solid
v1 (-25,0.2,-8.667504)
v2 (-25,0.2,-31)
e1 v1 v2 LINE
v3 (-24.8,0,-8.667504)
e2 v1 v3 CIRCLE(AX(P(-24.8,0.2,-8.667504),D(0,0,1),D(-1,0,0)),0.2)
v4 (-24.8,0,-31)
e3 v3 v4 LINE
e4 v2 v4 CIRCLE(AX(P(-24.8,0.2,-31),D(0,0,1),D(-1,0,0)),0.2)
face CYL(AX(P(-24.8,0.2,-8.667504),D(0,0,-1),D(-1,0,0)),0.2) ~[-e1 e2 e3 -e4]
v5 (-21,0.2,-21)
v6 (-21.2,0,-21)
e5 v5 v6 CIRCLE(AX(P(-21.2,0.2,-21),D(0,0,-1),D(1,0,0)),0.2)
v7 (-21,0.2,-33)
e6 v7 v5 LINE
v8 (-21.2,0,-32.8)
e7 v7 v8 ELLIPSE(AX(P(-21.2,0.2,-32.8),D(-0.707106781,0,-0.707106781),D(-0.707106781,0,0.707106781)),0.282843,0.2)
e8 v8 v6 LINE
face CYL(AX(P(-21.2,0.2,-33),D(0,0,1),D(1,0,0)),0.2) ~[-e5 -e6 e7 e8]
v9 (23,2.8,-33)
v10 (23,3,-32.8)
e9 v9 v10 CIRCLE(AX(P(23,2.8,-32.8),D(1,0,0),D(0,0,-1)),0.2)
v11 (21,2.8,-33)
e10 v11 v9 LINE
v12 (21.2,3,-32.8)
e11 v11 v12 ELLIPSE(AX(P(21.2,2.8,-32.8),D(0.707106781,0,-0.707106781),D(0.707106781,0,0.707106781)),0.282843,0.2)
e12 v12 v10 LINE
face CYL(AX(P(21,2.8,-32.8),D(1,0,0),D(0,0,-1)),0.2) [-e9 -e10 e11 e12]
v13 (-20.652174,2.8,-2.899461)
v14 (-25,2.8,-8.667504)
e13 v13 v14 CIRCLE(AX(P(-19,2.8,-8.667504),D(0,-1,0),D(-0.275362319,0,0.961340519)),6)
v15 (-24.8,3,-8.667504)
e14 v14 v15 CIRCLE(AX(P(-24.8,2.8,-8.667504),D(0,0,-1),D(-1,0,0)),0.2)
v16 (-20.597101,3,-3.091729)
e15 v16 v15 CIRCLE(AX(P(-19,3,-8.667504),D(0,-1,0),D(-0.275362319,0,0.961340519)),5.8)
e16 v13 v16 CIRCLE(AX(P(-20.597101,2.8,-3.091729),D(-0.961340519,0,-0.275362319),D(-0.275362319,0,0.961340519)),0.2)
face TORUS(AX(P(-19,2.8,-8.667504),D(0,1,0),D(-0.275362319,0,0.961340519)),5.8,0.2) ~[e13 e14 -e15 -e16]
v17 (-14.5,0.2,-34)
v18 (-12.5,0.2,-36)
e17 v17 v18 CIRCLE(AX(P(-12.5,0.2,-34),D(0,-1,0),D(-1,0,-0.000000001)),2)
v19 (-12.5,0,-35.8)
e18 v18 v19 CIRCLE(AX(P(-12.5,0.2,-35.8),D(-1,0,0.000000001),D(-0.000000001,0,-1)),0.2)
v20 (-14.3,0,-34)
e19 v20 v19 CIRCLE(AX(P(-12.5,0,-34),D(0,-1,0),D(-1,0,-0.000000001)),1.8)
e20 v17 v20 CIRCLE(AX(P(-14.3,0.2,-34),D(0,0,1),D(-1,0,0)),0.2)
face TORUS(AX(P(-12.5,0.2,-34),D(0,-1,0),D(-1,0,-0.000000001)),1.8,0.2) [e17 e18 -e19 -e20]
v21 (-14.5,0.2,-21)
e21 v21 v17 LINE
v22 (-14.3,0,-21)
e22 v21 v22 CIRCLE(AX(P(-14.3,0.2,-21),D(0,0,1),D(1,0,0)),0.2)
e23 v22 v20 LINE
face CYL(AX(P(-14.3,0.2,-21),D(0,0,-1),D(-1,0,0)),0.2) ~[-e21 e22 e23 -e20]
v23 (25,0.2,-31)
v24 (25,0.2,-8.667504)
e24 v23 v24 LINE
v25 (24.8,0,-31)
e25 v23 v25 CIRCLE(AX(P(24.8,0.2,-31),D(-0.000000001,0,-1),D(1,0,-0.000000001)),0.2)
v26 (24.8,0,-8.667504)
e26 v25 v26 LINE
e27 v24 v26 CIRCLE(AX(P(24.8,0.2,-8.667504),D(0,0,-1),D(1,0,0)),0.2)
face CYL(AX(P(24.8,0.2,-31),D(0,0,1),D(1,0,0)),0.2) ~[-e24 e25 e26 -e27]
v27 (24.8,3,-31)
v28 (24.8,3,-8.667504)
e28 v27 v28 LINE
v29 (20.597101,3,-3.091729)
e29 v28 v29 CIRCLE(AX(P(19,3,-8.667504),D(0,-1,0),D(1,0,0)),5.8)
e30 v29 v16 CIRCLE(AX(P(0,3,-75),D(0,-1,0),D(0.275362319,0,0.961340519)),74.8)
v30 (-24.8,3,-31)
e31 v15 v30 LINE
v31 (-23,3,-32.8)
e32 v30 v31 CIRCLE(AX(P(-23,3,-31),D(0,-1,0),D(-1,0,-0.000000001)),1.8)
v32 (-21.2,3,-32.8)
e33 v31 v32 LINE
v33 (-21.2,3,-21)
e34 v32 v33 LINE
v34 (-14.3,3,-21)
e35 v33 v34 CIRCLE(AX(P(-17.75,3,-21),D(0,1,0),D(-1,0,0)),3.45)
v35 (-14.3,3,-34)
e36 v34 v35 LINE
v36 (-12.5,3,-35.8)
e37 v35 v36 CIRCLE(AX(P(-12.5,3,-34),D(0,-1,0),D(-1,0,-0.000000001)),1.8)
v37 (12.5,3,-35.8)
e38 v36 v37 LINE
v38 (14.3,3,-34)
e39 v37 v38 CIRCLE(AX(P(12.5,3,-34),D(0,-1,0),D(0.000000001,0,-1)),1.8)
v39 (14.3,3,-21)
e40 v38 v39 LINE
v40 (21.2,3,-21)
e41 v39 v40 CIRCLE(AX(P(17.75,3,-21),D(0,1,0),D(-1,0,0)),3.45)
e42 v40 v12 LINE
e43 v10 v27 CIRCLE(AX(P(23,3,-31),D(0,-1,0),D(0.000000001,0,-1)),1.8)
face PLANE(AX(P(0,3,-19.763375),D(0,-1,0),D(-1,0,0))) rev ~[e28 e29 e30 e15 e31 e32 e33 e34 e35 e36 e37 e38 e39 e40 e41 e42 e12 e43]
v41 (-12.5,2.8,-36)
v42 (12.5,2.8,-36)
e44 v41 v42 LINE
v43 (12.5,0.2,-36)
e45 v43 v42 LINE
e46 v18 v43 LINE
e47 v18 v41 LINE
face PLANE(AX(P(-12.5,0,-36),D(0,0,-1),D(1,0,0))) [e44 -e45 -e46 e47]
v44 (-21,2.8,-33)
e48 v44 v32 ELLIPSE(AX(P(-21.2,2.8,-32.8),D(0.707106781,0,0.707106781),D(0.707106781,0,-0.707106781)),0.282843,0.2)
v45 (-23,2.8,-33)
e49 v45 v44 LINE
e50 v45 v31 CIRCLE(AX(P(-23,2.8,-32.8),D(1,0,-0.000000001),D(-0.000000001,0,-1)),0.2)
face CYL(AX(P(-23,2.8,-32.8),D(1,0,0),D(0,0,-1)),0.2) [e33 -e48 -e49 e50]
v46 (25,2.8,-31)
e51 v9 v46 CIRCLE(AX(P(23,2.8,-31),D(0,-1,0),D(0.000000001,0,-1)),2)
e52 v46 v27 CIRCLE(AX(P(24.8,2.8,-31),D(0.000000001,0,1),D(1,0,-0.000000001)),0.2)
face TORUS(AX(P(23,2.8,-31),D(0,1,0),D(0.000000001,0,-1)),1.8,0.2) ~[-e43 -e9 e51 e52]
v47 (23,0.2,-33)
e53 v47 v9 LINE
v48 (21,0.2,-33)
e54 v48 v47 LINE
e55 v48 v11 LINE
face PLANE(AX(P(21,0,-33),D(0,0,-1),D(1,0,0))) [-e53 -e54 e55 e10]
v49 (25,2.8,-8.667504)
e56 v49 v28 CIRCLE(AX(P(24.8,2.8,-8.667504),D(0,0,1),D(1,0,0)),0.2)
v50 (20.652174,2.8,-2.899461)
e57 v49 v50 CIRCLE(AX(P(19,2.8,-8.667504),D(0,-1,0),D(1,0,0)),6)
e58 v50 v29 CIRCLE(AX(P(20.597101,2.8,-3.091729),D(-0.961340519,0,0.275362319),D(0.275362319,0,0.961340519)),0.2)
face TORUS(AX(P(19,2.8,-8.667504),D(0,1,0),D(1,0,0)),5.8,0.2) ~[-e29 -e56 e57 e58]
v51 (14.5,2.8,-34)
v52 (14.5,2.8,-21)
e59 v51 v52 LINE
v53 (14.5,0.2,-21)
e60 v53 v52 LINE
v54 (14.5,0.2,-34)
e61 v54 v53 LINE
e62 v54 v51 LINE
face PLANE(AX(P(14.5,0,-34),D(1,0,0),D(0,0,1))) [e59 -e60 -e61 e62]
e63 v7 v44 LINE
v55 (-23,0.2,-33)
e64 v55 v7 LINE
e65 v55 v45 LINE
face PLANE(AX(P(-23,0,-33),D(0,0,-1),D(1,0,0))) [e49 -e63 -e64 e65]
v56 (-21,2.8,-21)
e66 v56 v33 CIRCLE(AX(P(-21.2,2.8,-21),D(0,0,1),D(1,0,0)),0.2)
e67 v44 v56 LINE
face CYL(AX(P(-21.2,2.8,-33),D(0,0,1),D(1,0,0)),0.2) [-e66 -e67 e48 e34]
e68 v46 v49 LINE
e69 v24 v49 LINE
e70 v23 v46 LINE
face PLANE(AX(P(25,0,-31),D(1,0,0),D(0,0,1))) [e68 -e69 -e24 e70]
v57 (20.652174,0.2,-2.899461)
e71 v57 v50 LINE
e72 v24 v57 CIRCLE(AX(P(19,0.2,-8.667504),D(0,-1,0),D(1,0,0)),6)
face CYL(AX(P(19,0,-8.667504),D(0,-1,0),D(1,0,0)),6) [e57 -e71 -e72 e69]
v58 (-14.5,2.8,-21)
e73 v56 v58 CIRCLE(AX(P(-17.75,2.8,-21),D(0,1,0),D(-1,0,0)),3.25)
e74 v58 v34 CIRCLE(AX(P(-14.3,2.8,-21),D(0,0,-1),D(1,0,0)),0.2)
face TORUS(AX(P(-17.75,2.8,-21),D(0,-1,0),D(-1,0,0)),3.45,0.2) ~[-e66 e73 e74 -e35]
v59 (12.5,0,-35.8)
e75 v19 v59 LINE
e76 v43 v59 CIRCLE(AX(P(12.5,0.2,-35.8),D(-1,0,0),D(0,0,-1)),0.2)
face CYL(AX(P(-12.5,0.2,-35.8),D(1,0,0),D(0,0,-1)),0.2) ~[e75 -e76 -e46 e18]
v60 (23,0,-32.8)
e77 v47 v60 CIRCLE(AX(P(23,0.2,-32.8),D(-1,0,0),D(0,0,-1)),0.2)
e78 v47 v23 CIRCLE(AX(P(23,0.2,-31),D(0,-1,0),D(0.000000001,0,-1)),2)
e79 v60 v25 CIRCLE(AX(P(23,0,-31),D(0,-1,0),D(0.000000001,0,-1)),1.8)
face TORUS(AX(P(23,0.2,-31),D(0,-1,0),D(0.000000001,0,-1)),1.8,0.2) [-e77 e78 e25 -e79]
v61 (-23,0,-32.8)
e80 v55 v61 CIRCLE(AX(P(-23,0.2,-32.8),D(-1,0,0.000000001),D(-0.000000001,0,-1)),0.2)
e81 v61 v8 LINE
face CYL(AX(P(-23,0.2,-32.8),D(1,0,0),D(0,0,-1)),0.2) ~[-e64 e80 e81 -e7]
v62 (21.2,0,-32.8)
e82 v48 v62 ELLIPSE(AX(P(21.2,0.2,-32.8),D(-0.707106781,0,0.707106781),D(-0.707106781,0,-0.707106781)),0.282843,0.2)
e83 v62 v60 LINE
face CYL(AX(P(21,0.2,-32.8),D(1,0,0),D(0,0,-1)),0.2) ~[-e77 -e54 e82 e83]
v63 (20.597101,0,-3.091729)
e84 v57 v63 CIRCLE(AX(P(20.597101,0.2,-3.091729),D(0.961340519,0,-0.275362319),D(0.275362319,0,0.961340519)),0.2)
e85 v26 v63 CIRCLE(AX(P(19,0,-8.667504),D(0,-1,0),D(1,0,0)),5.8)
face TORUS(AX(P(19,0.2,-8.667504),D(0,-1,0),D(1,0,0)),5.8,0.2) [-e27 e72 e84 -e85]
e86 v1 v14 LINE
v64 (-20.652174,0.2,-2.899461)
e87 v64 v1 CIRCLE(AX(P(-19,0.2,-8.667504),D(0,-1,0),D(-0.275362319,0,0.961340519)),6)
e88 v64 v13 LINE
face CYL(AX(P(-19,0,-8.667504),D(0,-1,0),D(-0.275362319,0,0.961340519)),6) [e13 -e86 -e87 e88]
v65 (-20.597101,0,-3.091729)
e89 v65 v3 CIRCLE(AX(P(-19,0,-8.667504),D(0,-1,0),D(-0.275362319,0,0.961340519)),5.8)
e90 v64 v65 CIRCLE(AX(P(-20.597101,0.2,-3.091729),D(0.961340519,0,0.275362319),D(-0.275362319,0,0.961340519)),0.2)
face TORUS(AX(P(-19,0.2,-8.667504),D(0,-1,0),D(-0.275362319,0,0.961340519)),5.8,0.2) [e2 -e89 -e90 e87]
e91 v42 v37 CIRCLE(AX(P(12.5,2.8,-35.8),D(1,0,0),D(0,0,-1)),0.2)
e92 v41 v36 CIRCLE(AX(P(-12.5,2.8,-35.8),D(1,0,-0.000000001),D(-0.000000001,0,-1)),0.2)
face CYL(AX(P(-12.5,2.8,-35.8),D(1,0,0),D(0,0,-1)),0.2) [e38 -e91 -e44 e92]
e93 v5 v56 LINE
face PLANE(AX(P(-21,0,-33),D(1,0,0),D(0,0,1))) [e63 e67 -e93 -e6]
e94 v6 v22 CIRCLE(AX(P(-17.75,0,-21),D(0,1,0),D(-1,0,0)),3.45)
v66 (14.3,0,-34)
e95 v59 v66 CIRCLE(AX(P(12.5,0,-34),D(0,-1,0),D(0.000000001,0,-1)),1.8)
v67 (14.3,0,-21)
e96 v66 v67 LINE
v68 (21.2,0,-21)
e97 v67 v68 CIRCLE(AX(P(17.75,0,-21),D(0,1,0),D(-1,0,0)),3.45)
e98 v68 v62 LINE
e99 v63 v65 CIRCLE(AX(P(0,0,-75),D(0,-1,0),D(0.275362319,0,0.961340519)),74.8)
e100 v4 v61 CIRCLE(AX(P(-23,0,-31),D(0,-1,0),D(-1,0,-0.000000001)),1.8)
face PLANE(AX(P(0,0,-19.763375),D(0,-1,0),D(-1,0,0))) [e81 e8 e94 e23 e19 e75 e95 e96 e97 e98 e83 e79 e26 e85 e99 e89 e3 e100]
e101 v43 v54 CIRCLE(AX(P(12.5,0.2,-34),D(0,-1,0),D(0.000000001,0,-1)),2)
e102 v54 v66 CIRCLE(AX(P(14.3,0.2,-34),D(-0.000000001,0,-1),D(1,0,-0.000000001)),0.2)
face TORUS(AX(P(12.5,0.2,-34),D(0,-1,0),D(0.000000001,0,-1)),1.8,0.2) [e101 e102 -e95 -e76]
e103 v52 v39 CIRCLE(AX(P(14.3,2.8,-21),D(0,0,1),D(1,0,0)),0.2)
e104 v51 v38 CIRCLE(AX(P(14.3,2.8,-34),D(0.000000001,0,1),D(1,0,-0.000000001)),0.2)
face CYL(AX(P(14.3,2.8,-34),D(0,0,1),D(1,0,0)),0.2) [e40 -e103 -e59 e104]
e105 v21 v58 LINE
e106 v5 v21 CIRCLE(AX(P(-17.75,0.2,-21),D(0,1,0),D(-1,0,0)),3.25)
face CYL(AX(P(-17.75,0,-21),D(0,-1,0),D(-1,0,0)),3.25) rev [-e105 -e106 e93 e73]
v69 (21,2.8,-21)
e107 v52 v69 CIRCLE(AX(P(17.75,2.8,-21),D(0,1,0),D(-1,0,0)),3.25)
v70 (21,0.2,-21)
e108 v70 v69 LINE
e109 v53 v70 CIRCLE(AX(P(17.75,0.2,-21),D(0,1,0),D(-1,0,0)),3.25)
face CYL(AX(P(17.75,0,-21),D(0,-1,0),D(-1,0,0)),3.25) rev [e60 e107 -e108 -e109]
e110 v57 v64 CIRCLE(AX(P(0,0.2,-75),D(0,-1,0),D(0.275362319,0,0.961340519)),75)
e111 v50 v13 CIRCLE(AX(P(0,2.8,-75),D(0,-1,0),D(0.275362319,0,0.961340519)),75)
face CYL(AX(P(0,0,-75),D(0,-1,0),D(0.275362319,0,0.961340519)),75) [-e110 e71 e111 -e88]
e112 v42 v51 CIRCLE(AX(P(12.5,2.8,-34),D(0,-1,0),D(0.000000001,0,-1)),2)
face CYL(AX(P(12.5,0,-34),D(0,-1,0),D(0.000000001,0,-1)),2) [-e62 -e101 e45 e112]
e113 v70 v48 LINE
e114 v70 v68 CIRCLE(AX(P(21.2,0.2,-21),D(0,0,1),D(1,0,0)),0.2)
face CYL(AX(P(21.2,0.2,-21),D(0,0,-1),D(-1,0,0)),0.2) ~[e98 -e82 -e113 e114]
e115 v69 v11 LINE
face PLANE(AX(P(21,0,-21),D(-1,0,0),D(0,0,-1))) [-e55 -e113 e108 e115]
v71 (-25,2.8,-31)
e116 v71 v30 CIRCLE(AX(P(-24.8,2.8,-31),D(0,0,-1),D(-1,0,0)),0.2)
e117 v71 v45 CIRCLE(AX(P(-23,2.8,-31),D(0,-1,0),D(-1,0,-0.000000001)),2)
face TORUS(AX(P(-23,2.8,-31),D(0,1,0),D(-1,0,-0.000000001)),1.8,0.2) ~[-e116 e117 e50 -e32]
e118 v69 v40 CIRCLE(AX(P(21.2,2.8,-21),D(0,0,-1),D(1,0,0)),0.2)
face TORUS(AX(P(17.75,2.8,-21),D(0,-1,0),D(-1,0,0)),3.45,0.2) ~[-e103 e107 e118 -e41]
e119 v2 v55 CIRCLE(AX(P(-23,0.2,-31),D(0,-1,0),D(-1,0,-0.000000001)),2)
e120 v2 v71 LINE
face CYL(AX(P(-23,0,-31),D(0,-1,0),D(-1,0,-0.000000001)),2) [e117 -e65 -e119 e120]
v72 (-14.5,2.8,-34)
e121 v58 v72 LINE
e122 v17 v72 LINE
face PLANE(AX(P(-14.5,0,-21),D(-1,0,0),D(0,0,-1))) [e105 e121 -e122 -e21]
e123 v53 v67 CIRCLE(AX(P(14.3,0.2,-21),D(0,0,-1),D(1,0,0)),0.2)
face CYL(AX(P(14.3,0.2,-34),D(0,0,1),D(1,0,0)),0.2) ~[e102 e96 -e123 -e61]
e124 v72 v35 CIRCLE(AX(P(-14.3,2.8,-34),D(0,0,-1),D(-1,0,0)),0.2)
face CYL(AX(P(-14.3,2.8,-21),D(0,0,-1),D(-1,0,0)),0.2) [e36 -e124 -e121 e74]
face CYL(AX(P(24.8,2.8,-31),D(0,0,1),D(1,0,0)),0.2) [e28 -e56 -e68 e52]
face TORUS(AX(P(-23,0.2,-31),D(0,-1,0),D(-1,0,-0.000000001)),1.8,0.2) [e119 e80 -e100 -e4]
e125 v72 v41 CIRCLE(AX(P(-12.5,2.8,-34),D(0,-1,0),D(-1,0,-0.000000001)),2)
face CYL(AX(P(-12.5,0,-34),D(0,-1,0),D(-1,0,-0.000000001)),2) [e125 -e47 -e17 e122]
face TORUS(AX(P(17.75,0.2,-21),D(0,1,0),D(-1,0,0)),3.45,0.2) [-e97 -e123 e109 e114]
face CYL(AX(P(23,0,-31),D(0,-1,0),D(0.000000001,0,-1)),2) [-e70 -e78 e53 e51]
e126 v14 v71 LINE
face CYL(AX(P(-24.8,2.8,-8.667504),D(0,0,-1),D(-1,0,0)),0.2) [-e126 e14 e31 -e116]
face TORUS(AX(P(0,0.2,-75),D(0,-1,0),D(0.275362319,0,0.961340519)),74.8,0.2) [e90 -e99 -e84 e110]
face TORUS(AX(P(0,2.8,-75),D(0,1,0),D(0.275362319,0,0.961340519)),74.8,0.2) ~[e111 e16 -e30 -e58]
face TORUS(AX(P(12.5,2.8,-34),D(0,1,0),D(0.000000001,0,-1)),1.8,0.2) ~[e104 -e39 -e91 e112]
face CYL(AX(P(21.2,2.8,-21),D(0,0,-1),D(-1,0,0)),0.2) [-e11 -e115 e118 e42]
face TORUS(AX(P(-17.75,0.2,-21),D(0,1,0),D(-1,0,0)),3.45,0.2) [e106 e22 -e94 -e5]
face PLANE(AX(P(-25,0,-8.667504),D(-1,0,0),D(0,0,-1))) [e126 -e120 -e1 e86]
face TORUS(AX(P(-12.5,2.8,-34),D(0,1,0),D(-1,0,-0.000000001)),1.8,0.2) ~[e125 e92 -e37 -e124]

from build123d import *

# Parameters (mm, degrees)
BOSS_EXTRUDE1_DEPTH = 3
FILLET1_R           = 0.2


with BuildPart() as part:
    # Sketch1 → Boss-Extrude1 (new body)
    with BuildSketch(Plane(origin=(0, 0, 0), x_dir=(1, 0, 0), z_dir=(0, 1, 0))):
        with BuildLine():
            Line((-25, 8.667504193), (-25, 31))
            ThreePointArc((-25, 31), (-24.414213562, 32.414213562), (-23, 33))
            Line((-23, 33), (-21, 33))
            Line((-21, 33), (-21, 21))
            ThreePointArc((-21, 21), (-17.75, 17.75), (-14.5, 21))
            Line((-14.5, 21), (-14.5, 34))
            ThreePointArc((-14.5, 34), (-13.914213562, 35.414213562), (-12.5, 36))
            Line((-12.5, 36), (12.5, 36))
            ThreePointArc((12.5, 36), (13.914213562, 35.414213562), (14.5, 34))
            Line((14.5, 34), (14.5, 21))
            ThreePointArc((14.5, 21), (17.75, 17.75), (21, 21))
            Line((21, 21), (21, 33))
            Line((21, 33), (23, 33))
            ThreePointArc((23, 33), (24.414213562, 32.414213562), (25, 31))
            Line((25, 31), (25, 8.667504193))
            ThreePointArc((25, 8.667504193), (23.791296457, 5.0559286), (20.652173913, 2.899461079))
            ThreePointArc((20.652173913, 2.899461079), (0, 0), (-20.652173913, 2.899461079))
            ThreePointArc((-20.652173913, 2.899461079), (-23.791296457, 5.0559286), (-25, 8.667504193))
        make_face()
    extrude(amount=BOSS_EXTRUDE1_DEPTH)

    # Fillet1
    fillet1_edges = [part.edges().sort_by_distance(p)[0] for p in [
        (-22, 3, -33),
        (-24.414213562, 3, -32.414213562),
        (-14.5, 0, -27.5),
        (-25, 3, -19.833752096),
        (-13.914213562, 0, -35.414213562),
        (0, 0, -36),
        (13.914213562, 0, -35.414213562),
        (14.5, 0, -27.5),
        (17.75, 0, -17.75),
        (21, 0, -27),
        (22, 0, -33),
        (24.414213562, 0, -32.414213562),
        (-23.791296457, 3, -5.0559286),
        (25, 0, -19.833752096),
        (23.791296457, 0, -5.0559286),
        (0, 0, 0),
        (-23.791296457, 0, -5.0559286),
        (-25, 0, -19.833752096),
        (-24.414213562, 0, -32.414213562),
        (-22, 0, -33),
        (0, 3, 0),
        (-21, 0, -27),
        (-17.75, 0, -17.75),
        (23.791296457, 3, -5.0559286),
        (25, 3, -19.833752096),
        (24.414213562, 3, -32.414213562),
        (22, 3, -33),
        (21, 3, -27),
        (-17.75, 3, -17.75),
        (17.75, 3, -17.75),
        (14.5, 3, -27.5),
        (13.914213562, 3, -35.414213562),
        (0, 3, -36),
        (-13.914213562, 3, -35.414213562),
        (-14.5, 3, -27.5),
        (-21, 3, -27),
    ]]
    fillet(fillet1_edges, radius=FILLET1_R)


solid = part.part
